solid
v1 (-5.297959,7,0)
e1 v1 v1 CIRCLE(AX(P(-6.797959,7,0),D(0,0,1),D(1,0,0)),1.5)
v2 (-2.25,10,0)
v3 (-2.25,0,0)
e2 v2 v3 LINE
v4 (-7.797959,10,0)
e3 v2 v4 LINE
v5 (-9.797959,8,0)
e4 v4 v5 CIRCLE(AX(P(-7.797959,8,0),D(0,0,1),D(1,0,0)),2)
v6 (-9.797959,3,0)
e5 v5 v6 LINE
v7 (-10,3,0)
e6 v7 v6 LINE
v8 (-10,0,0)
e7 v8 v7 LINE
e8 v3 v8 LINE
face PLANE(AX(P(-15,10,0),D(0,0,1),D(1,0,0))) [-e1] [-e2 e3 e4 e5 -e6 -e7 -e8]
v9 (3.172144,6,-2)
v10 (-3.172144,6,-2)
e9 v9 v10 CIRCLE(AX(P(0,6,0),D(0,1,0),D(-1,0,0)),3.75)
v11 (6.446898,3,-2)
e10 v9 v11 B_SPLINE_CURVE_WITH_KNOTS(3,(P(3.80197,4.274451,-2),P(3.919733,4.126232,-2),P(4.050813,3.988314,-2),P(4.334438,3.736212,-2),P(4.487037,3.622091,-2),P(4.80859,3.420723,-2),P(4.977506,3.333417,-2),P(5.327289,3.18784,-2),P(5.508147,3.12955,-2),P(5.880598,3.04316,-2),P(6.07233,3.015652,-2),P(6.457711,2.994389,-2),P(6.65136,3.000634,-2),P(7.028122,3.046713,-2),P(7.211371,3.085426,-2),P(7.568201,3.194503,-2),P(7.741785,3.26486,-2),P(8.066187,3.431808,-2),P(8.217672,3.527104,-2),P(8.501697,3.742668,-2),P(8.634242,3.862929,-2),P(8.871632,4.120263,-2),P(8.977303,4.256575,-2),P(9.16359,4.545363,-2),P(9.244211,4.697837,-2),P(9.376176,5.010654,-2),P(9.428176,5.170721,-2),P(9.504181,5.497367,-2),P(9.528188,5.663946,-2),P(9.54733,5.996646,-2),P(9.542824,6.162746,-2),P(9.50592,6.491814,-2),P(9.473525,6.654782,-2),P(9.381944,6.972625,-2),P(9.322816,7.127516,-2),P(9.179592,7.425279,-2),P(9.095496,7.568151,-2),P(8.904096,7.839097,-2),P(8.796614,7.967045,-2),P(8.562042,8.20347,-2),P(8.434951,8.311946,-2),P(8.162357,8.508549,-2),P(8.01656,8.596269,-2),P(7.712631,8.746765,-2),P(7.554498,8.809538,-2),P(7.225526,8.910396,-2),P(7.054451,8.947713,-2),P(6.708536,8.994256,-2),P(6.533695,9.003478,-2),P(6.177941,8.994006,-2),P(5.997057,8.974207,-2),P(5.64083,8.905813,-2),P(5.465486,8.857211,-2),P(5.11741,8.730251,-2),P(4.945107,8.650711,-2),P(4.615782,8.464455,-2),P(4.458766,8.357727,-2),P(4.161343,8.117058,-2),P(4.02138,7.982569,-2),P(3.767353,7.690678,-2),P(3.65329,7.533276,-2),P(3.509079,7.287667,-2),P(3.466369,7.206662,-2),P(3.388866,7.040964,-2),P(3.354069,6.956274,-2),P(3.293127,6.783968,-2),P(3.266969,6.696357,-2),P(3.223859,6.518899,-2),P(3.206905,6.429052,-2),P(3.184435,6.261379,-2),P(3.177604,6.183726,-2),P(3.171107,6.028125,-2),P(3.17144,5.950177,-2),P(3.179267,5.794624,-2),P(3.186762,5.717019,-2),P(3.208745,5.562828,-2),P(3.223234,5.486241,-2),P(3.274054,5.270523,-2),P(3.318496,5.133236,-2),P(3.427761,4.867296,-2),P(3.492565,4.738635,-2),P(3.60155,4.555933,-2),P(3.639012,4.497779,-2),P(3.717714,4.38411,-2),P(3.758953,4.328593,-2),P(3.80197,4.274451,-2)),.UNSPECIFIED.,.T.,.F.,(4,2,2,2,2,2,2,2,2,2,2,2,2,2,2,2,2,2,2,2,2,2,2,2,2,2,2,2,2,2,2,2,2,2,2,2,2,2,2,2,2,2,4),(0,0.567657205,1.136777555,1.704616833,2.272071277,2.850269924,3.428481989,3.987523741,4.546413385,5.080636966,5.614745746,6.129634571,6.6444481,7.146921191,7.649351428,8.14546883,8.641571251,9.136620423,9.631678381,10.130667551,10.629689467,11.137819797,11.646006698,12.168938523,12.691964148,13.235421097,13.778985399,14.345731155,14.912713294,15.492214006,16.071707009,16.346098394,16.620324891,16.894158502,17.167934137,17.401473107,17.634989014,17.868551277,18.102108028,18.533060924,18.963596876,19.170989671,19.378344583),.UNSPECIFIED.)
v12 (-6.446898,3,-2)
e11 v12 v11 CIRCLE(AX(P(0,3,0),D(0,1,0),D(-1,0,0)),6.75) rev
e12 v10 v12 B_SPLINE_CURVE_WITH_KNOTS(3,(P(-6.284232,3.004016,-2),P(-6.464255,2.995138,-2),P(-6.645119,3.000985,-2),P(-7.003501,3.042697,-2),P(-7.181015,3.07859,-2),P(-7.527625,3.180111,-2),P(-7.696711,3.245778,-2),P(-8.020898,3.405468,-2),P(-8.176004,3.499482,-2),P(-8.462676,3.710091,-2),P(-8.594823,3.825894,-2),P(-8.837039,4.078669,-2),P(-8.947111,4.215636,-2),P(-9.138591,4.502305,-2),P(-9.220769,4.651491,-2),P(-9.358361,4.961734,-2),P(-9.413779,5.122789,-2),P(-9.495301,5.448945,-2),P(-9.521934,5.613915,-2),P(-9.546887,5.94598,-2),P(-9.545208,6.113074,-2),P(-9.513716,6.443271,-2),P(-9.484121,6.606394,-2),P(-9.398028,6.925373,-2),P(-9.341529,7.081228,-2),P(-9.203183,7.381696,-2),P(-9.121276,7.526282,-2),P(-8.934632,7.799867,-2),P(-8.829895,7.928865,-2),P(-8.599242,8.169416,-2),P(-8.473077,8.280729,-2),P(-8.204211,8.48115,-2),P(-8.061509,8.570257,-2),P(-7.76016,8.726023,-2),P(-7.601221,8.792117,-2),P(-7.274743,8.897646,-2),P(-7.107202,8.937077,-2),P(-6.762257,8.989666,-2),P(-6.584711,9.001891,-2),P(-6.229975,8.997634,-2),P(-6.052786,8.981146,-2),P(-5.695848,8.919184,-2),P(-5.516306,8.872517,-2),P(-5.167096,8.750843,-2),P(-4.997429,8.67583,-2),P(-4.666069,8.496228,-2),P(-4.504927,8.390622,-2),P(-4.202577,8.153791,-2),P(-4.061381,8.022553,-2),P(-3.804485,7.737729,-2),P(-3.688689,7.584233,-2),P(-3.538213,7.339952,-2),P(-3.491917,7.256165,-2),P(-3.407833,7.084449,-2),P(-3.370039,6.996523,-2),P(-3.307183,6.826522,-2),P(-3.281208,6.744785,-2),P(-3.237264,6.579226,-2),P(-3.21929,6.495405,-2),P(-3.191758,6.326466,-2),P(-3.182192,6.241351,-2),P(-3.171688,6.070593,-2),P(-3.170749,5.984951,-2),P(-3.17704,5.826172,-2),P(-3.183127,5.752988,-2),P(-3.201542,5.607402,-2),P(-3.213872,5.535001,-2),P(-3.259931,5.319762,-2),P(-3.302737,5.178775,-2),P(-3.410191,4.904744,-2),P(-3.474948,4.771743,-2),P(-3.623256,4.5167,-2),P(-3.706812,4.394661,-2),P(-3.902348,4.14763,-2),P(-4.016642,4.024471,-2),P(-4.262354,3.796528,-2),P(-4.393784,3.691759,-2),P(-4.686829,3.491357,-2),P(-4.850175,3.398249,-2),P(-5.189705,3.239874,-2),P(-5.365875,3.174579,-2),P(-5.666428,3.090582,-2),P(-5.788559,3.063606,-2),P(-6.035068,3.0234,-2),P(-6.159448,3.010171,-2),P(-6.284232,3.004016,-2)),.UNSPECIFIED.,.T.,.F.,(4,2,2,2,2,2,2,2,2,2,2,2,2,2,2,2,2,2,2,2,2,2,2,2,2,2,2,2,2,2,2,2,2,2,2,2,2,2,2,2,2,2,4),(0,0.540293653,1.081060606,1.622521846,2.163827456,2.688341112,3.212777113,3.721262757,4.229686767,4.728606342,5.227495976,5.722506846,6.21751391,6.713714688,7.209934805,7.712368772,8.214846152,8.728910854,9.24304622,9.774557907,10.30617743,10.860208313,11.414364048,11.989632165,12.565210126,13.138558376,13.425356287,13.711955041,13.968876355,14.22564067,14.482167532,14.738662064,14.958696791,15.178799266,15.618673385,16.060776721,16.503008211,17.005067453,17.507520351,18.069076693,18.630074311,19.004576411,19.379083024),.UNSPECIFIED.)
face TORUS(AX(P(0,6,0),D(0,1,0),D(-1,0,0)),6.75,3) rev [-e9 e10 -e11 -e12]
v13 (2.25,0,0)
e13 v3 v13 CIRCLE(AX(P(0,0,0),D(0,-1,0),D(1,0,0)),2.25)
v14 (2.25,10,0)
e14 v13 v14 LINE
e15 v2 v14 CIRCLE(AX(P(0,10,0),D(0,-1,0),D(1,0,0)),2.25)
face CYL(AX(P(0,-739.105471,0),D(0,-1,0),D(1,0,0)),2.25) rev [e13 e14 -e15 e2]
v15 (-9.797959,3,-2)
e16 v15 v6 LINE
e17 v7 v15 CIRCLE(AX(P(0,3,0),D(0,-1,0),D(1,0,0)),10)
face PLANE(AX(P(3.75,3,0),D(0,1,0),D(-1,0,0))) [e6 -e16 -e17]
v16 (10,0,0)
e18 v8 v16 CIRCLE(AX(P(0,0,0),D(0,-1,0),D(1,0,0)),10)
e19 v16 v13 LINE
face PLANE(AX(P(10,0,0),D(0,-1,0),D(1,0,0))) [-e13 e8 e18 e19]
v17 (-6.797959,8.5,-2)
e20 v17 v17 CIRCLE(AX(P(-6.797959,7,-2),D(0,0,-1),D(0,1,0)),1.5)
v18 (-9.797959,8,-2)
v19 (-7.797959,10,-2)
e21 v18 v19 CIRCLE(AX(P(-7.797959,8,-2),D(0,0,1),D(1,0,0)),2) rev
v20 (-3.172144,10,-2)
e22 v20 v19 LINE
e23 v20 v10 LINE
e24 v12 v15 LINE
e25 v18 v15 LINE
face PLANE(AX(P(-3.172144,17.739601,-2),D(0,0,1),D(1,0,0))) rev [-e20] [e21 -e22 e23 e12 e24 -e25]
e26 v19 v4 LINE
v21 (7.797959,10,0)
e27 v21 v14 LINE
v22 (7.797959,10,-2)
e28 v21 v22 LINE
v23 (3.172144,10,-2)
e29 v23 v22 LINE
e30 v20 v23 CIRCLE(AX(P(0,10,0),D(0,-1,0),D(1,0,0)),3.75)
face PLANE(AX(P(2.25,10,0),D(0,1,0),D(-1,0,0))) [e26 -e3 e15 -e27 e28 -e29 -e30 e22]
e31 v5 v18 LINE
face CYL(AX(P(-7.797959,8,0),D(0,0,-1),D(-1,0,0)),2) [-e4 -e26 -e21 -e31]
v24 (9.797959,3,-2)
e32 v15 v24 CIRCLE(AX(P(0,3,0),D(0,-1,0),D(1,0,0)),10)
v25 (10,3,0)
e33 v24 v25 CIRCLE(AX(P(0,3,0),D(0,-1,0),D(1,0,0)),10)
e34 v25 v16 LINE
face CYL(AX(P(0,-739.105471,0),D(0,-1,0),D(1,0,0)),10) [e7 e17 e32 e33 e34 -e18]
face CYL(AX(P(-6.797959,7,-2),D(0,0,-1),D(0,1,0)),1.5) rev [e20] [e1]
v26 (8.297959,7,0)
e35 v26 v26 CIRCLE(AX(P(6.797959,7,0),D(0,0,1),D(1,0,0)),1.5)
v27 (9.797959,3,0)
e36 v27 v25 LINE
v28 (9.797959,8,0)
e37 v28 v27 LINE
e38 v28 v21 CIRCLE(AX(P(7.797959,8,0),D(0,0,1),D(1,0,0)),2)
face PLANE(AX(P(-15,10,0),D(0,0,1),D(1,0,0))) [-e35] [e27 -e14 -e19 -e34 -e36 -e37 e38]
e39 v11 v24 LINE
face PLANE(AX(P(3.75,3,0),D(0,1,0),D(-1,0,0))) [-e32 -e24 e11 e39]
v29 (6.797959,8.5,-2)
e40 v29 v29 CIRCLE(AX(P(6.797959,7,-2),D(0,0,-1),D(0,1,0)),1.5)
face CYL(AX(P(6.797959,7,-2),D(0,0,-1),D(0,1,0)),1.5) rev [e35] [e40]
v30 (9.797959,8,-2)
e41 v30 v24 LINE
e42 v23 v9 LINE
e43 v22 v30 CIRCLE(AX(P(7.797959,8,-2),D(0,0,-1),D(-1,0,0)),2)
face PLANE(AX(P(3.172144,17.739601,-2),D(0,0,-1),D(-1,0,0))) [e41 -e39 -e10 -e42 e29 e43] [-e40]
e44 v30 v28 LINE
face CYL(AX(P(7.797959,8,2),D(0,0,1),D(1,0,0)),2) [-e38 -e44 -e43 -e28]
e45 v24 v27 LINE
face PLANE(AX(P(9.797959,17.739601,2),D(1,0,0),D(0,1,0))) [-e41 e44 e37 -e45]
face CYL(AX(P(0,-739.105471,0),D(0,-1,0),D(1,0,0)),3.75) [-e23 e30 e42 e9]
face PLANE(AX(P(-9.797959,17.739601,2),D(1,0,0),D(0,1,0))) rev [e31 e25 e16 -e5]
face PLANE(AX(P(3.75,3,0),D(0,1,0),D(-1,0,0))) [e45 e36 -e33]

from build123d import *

# Parameters (mm, degrees)
FILLET1_R             = 3
BOSS_EXTRUDE1_REACH   = 17.78
SKETCH3_W             = 6.625814586
SKETCH3_H             = 4
SKETCH2_W             = 30
SKETCH2_H             = 15
CUT_EXTRUDE1_DEPTH    = 18.320508133
F_3_0MM_DOWEL_HOLE1_D = 3
FILLET2_R             = 2


with BuildPart() as part:
    # Sketch1 → Revolve1 (revolve)
    with BuildSketch(Plane.XY):
        Polygon((2.25, 0), (2.25, 10), (3.75, 10), (3.75, 3), (10, 3), (10, 0), align=None)
    revolve(axis=Axis((0, -739.105470896, 0), (0, 1, 0)))

    # Fillet1
    fillet1_edges = [part.edges().sort_by_distance(p)[0] for p in [
        (-3.75, 3, 0),
    ]]
    fillet(fillet1_edges, radius=FILLET1_R)

    # Boss-Extrude1: up to this face of the body (flat: up to its plane)
    boss_extrude1_end = Plane(part.part.faces().sort_by_distance((-2.356066017, 10, 0))[0])
    # Sketch3 → Boss-Extrude1 (add, up to the picked face)
    with BuildSketch(Plane(origin=(0, 3, 0), x_dir=(1, 0, 0), z_dir=(0, 1, 0)), mode=Mode.PRIVATE) as boss_extrude1_sk1:
        with Locations((-6.485051678, 0)):
            Rectangle(SKETCH3_W, SKETCH3_H)
    boss_extrude1_tool1 = split(extrude(boss_extrude1_sk1.sketch, amount=BOSS_EXTRUDE1_REACH, mode=Mode.PRIVATE), bisect_by=boss_extrude1_end, keep=Keep.BOTH, mode=Mode.PRIVATE)
    boss_extrude1 = boss_extrude1_tool1.solids().sort_by(Axis((-6.485052, 3, 0), (0, 1, 0)))[0]
    add(boss_extrude1)

    # Mirror1: Boss-Extrude1 across plane
    add(boss_extrude1.mirror(Plane(origin=(0, 0, 0), x_dir=(0, 0, 1), z_dir=(1, 0, 0))))

    # Sketch2 → Cut-Extrude1 (cut, through all)
    with BuildSketch(Plane(origin=(0, 0, 0), x_dir=(1, 0, 0), z_dir=(0, 1, 0))):
        with Locations((0, -7.5)):
            Rectangle(SKETCH2_W, SKETCH2_H)
    extrude(amount=CUT_EXTRUDE1_DEPTH, mode=Mode.SUBTRACT)

    # Ø3.0mm Dowel Hole1 (through all)
    with Locations(Plane(origin=(0, 0, -2), x_dir=(-1, 0, 0), z_dir=(0, 0, -1))):
        with Locations((6.797958971, 7), (-6.797958971, 7)):
            Hole(F_3_0MM_DOWEL_HOLE1_D / 2)

    # Fillet2
    fillet2_edges = [part.edges().sort_by_distance(p)[0] for p in [
        (-9.797958971, 10, -1),
        (9.797958971, 10, -1),
    ]]
    fillet(fillet2_edges, radius=FILLET2_R)


solid = part.part
